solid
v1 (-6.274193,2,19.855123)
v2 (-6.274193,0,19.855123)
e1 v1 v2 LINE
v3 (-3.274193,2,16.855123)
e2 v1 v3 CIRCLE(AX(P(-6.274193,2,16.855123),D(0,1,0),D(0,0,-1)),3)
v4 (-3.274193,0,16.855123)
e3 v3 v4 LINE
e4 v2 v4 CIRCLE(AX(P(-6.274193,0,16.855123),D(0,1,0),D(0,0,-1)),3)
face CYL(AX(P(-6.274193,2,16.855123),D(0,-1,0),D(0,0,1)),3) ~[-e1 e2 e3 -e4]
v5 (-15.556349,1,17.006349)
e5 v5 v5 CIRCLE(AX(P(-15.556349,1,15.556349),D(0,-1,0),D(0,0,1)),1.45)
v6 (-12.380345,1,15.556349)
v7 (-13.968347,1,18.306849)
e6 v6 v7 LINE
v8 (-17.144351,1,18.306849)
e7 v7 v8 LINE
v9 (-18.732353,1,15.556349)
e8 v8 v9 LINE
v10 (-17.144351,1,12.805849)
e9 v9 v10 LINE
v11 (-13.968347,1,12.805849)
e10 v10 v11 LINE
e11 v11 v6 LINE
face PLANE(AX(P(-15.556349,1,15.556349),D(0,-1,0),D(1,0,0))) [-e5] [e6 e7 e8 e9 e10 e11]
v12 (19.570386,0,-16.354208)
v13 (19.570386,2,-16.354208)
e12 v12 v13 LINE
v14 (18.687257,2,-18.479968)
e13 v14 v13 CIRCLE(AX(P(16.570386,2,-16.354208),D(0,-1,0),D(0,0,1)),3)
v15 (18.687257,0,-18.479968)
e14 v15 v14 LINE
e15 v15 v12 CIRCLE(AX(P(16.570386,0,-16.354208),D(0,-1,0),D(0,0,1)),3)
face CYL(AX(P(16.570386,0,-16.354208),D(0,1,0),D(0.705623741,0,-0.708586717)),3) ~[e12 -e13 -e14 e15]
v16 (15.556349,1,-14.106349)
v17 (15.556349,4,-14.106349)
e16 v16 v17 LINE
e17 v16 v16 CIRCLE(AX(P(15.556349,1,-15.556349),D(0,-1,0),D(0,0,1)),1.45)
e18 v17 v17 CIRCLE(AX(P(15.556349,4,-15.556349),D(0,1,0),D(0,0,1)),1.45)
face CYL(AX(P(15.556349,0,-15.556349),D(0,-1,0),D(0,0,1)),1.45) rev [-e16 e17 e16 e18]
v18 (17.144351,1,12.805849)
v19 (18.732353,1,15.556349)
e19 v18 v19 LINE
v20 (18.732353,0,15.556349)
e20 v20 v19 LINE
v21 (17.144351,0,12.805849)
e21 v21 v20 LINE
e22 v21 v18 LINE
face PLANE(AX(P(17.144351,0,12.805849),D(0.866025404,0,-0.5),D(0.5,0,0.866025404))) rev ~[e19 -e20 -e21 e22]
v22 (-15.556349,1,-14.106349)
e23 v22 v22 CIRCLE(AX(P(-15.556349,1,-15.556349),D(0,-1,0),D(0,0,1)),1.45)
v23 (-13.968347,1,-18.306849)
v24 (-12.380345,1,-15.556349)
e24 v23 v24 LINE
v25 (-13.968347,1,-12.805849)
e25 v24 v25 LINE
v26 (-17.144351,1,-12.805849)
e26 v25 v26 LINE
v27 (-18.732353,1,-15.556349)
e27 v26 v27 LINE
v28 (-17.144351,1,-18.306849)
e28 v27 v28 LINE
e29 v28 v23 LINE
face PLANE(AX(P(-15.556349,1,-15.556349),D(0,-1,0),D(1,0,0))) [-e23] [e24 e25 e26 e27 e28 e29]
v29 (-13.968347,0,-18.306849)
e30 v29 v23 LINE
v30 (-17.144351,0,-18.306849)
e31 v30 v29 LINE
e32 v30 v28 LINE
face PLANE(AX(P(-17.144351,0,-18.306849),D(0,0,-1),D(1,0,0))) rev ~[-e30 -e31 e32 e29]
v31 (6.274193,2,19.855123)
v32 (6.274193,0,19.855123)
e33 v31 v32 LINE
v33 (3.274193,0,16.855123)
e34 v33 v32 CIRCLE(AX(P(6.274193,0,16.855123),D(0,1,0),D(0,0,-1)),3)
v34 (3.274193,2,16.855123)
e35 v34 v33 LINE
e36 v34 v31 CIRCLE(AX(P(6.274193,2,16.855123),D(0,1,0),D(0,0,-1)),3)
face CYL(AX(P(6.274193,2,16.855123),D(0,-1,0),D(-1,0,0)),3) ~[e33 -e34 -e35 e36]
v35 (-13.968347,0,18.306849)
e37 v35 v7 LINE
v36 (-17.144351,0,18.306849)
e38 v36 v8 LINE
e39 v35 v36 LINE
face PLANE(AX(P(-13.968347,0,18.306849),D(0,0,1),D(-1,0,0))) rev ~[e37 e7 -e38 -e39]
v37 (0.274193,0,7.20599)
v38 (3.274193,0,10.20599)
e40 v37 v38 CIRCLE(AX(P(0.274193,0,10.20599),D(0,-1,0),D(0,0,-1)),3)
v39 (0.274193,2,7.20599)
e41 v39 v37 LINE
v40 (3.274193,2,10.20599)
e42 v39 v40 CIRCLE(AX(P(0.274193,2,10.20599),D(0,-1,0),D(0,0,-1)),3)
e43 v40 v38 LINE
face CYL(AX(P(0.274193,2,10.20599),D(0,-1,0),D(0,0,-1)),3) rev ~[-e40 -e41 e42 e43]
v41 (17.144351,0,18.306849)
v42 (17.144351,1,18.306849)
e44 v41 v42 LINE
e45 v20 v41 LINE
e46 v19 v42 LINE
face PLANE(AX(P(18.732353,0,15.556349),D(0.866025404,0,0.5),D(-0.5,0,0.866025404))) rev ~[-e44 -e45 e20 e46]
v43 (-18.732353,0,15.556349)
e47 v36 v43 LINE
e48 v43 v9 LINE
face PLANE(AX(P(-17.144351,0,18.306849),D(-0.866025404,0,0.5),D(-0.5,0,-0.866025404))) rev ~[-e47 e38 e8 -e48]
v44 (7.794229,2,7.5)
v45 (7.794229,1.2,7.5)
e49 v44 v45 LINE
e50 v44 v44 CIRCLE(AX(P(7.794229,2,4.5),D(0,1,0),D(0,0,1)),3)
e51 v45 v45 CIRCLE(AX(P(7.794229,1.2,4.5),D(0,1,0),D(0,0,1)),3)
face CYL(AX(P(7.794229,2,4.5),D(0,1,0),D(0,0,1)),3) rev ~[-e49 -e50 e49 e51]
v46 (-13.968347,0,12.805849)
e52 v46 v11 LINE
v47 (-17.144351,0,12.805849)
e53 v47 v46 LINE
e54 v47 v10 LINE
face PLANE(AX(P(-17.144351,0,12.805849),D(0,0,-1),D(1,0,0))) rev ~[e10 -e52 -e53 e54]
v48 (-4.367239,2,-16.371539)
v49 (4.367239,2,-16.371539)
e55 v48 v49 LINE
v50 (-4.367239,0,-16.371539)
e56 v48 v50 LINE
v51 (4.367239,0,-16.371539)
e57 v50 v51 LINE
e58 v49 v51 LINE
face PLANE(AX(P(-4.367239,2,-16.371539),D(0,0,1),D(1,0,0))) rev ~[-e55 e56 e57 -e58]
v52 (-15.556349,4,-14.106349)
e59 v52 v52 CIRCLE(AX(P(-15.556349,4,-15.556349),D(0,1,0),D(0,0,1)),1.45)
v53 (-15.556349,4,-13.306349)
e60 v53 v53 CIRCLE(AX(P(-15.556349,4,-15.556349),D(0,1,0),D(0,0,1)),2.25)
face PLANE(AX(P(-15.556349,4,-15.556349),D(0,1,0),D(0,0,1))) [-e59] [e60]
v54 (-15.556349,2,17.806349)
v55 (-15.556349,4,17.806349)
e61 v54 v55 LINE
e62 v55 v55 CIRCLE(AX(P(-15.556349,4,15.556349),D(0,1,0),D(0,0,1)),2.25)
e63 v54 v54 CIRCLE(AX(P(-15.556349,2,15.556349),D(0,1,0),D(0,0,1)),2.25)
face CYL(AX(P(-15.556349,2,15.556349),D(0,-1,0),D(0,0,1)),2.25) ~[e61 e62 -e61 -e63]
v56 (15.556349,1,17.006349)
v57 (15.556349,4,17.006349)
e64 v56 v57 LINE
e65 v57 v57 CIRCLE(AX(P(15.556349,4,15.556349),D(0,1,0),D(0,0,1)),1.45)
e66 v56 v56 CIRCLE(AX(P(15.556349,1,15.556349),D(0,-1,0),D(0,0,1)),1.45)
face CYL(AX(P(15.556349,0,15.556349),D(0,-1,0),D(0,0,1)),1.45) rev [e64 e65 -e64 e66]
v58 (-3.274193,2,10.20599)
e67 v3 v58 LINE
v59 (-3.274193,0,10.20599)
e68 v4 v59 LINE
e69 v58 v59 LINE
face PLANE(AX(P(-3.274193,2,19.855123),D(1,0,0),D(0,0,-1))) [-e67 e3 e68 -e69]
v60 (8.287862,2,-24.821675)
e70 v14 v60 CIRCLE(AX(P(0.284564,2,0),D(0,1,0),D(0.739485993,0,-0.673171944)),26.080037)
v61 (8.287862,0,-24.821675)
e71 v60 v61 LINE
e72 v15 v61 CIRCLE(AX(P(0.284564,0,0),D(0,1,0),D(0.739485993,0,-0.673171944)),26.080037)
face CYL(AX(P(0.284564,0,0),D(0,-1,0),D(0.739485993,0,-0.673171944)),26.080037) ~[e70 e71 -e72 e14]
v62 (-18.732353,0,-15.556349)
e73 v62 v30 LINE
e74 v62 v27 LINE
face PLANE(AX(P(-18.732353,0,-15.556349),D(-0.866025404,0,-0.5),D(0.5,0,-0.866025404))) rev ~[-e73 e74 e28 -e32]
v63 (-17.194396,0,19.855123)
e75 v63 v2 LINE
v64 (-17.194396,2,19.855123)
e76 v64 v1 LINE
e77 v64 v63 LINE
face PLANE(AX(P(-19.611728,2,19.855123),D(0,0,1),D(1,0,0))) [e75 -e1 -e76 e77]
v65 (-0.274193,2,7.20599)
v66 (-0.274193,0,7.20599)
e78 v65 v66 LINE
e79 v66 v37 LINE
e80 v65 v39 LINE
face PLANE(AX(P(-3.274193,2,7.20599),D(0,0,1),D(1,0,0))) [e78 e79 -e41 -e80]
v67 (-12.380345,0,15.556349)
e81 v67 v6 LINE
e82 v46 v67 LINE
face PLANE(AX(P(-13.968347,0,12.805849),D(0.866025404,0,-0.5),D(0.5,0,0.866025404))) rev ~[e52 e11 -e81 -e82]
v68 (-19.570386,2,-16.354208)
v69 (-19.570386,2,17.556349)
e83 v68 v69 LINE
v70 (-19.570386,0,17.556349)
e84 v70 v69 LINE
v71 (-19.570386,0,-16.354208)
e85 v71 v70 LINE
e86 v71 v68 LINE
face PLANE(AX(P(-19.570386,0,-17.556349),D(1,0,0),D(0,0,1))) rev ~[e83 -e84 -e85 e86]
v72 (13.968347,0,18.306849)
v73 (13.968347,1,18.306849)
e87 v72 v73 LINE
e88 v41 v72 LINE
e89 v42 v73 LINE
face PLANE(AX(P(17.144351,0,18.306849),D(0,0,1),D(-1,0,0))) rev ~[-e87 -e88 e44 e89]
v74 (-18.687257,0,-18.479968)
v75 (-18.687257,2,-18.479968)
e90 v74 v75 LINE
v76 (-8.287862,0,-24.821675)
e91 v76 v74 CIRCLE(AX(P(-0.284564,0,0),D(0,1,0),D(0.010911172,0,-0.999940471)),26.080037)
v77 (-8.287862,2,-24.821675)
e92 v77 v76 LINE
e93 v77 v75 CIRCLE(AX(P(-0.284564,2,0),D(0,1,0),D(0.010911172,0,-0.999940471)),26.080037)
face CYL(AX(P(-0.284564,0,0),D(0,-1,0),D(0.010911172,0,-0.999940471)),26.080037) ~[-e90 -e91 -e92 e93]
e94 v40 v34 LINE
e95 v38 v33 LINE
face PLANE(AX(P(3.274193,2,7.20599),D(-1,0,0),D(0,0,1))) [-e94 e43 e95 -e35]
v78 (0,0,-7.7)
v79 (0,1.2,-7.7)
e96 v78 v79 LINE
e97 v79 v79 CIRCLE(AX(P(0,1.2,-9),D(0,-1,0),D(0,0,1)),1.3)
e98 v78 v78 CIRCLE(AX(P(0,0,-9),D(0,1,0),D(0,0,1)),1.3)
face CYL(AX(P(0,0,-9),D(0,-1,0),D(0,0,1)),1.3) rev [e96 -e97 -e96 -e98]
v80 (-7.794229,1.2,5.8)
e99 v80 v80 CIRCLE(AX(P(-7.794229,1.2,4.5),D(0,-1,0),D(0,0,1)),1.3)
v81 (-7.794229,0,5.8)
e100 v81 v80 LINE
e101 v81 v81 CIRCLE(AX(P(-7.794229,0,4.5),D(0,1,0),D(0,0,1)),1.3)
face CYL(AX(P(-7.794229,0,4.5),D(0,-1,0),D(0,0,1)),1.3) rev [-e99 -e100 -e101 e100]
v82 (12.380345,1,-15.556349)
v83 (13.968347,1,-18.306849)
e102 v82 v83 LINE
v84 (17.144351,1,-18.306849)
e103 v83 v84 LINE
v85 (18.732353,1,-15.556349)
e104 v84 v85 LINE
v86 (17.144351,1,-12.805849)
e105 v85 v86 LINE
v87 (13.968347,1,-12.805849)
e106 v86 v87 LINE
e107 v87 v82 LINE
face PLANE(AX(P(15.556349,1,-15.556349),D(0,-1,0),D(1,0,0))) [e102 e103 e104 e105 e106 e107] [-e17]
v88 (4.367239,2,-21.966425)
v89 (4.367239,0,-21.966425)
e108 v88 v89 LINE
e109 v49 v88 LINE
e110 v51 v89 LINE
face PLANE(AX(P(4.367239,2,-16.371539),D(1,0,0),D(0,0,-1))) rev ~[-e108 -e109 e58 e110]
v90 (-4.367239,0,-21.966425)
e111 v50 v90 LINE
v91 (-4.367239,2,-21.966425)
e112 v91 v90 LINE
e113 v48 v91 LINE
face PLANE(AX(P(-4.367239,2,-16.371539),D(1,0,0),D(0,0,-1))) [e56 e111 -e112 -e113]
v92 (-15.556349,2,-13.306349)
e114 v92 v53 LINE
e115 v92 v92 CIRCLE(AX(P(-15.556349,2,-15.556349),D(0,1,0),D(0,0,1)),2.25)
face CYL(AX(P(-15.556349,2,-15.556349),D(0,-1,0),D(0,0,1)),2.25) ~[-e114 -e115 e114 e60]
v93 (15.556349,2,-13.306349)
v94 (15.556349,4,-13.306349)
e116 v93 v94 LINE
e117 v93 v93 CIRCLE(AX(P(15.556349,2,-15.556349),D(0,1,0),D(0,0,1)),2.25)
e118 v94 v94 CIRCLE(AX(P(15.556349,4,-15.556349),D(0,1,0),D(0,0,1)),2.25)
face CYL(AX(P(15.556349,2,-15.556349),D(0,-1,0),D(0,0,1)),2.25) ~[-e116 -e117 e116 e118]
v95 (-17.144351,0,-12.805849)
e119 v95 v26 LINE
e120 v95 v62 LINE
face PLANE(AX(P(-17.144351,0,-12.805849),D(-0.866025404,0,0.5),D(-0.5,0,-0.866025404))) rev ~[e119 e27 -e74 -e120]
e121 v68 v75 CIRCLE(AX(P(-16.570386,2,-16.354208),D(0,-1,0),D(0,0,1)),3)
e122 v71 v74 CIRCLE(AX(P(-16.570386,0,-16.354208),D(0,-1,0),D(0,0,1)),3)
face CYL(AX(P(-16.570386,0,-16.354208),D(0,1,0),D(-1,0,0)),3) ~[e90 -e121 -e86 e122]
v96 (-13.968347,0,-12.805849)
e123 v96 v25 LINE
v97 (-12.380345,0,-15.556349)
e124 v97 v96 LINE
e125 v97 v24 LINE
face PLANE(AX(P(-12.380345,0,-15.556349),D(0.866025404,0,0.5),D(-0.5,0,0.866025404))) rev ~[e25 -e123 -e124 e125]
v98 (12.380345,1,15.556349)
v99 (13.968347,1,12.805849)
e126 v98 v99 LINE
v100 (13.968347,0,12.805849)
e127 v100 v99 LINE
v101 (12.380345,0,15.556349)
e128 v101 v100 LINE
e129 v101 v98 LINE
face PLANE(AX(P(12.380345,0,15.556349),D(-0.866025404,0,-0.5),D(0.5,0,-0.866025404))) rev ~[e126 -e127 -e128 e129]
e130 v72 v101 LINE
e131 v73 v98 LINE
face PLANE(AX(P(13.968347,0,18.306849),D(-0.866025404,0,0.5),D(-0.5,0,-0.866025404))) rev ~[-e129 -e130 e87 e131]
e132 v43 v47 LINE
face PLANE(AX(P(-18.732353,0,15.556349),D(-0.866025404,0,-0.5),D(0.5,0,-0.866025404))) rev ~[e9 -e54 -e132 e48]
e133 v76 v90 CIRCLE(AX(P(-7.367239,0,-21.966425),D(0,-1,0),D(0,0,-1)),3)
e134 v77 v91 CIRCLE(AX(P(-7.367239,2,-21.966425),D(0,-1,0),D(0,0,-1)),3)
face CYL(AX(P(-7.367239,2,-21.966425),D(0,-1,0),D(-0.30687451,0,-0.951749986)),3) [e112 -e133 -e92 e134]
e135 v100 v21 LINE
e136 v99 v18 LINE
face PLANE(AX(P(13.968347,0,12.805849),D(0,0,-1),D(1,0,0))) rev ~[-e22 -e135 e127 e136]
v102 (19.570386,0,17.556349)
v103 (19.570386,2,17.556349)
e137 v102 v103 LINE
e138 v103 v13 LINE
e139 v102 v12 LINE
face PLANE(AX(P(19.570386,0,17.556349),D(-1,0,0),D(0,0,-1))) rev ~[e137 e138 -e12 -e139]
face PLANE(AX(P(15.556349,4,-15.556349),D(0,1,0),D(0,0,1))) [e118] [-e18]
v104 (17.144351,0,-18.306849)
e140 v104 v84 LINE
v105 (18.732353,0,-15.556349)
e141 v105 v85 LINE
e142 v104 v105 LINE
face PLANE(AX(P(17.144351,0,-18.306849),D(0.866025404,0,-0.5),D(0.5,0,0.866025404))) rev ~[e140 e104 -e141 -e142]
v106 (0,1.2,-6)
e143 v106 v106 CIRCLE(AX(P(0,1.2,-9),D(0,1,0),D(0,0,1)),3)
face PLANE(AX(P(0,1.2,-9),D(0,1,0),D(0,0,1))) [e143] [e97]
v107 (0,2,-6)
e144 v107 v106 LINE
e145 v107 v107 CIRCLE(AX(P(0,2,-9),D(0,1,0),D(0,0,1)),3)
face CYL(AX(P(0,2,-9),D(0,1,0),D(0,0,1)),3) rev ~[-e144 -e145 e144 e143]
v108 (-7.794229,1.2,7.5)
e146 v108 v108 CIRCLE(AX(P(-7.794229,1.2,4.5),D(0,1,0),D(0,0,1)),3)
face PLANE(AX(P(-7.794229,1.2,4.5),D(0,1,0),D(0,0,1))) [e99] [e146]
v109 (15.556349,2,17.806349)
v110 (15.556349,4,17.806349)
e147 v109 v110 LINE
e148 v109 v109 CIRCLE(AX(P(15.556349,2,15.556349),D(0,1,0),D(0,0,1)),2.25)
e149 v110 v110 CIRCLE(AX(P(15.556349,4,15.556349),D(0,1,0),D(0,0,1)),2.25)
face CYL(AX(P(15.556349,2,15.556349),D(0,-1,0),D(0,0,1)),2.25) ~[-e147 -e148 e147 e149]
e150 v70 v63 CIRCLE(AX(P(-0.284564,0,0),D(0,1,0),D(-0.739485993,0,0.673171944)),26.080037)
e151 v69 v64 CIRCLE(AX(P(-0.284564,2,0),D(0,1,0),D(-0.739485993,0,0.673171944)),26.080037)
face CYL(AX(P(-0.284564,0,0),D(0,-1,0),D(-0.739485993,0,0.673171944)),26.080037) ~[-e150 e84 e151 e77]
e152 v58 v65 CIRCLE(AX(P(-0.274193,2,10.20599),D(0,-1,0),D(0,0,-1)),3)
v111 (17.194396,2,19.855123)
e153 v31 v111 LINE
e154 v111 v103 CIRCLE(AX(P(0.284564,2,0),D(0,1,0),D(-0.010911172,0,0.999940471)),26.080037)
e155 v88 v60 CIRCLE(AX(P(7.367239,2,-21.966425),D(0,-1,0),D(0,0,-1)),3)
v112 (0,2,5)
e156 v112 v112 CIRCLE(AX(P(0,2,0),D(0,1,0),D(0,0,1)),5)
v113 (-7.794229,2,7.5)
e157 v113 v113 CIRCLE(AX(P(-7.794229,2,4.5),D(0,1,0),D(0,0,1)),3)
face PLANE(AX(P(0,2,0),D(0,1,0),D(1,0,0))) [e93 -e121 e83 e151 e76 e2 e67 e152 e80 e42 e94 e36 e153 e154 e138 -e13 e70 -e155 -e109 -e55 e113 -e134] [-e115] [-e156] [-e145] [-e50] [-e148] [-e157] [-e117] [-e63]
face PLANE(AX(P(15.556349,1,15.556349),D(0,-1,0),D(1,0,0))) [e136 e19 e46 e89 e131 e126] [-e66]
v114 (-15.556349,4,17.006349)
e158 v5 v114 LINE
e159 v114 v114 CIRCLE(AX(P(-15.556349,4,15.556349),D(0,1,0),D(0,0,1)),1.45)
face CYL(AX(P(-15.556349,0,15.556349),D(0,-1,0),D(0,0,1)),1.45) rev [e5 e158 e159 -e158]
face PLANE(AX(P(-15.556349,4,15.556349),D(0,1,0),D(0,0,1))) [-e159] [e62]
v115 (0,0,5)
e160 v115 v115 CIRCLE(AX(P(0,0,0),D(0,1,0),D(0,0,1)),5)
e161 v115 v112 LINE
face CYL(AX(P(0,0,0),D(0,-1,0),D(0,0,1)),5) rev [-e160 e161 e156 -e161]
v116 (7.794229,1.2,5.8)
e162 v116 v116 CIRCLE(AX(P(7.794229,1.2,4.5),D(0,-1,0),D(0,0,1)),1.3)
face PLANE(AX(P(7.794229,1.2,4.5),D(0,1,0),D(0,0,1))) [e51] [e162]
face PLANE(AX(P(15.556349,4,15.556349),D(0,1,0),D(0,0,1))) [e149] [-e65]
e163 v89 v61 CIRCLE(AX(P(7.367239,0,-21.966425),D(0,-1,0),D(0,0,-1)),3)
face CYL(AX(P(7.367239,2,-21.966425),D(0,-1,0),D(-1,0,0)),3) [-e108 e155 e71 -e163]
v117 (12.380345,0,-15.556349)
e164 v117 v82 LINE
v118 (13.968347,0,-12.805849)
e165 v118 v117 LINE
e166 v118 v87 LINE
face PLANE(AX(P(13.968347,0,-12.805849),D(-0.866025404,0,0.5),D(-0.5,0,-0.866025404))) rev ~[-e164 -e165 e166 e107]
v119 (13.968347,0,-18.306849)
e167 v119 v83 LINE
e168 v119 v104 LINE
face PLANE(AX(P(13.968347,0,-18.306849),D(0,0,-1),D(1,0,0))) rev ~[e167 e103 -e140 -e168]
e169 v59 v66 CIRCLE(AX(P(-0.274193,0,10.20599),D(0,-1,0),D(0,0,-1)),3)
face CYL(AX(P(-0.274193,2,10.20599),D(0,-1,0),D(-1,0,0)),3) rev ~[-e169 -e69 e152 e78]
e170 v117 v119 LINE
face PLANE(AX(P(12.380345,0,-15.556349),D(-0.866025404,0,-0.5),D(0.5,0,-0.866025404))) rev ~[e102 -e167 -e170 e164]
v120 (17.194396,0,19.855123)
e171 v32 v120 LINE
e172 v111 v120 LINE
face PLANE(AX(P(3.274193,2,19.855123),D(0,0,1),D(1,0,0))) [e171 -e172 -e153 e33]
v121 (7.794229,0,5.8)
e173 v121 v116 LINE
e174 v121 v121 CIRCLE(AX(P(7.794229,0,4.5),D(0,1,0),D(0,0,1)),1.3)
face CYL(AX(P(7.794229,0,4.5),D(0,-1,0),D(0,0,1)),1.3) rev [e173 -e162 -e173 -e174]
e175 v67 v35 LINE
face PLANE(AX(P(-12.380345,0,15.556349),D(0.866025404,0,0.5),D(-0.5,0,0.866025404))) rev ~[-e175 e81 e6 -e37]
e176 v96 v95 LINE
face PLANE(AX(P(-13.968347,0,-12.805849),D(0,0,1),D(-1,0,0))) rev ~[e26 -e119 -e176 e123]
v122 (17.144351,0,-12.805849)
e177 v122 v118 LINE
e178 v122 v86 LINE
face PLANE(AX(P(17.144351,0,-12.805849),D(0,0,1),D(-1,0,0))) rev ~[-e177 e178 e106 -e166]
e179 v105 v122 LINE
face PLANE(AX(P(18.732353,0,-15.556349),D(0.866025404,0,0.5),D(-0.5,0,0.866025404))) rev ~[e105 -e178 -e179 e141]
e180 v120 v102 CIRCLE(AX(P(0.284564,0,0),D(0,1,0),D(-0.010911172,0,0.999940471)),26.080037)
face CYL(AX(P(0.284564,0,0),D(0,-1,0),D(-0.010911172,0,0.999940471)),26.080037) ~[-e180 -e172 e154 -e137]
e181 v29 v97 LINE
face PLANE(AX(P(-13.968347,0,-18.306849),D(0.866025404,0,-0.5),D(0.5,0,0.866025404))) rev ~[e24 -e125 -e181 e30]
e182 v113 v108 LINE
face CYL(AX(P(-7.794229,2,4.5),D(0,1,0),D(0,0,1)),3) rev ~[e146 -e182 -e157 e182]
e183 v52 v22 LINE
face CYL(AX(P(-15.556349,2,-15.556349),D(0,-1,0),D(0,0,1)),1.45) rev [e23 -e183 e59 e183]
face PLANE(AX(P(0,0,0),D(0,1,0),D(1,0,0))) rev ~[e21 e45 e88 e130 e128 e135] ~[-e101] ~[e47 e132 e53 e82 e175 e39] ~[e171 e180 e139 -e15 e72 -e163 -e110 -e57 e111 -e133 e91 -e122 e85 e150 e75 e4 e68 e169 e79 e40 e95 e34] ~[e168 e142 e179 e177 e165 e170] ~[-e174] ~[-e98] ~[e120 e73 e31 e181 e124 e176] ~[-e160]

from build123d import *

# Parameters (mm, degrees)
SKETCH_1_R          = 1.3
SKETCH_1_R_2        = 5
SKETCH_1_R_3        = 1.45
EXTRUDE_1_DEPTH     = 2
SKETCH_2_R          = 3
CUT_EXTRUDE_1_DEPTH = 0.8
SKETCH_4_W          = 8.73447759
SKETCH_4_H          = 10.120774017
CUT_EXTRUDE_2_DEPTH = 33.667542419
SKETCH_8_R          = 2.25
SKETCH_8_R_2        = 1.45
EXTRUDE_2_DEPTH     = 2
CUT_EXTRUDE_4_DEPTH = 1
FILLET_3_R          = 3


with BuildPart() as part:
    # 草图1 → 凸台-拉伸1 (new body)
    with BuildSketch(Plane(origin=(0, 0, 0), x_dir=(1, 0, 0), z_dir=(0, 1, 0))):
        with BuildLine():
            Line((-19.570385791, 15.556349186), (-19.570385791, -15.556349186))
            Line((-19.570385791, -15.556349186), (-19.570385791, -17.556349186))
            ThreePointArc((-19.570385791, -17.556349186), (-10.696991496, -23.91128764), (0, -26.07848445))
            ThreePointArc((0, -26.07848445), (10.696991496, -23.91128764), (19.570385791, -17.556349186))
            Line((19.570385791, -17.556349186), (19.570385791, -15.556349186))
            Line((19.570385791, -15.556349186), (19.570385791, 15.556349186))
            Line((19.570385791, 15.556349186), (19.570385791, 17.556349186))
            ThreePointArc((19.570385791, 17.556349186), (10.696991496, 23.91128764), (0, 26.07848445))
            ThreePointArc((0, 26.07848445), (-10.696991496, 23.91128764), (-19.570385791, 17.556349186))
            Line((-19.570385791, 17.556349186), (-19.570385791, 15.556349186))
        make_face()
        with Locations(Location((0, 9, 0), (0, 0, 270))):
            Circle(SKETCH_1_R, mode=Mode.SUBTRACT)
        with Locations(Location((7.794228634, -4.5, 0), (0, 0, 270))):
            Circle(SKETCH_1_R, mode=Mode.SUBTRACT)
        with Locations(Location((-7.794228634, -4.5, 0), (0, 0, 270))):
            Circle(SKETCH_1_R, mode=Mode.SUBTRACT)
        with Locations(Location((0, 0, 0), (0, 0, 270))):
            Circle(SKETCH_1_R_2, mode=Mode.SUBTRACT)
        with Locations(Location((-15.556349186, 15.556349186, 0), (0, 0, 270))):
            Circle(SKETCH_1_R_3, mode=Mode.SUBTRACT)
        with Locations(Location((15.556349186, 15.556349186, 0), (0, 0, 270))):
            Circle(SKETCH_1_R_3, mode=Mode.SUBTRACT)
        with Locations(Location((15.556349186, -15.556349186, 0), (0, 0, 270))):
            Circle(SKETCH_1_R_3, mode=Mode.SUBTRACT)
        with Locations(Location((-15.556349186, -15.556349186, 0), (0, 0, 270))):
            Circle(SKETCH_1_R_3, mode=Mode.SUBTRACT)
    extrude(amount=EXTRUDE_1_DEPTH)

    # 草图2 → 切除-拉伸1 (cut)
    with BuildSketch(Plane(origin=(0, 2, 0), x_dir=(1, 0, 0), z_dir=(0, 1, 0))):
        with Locations(Location((0, 9, 0), (0, 0, 270))):
            Circle(SKETCH_2_R)
        with Locations(Location((7.794228634, -4.5, 0), (0, 0, 270))):
            Circle(SKETCH_2_R)
        with Locations(Location((-7.794228634, -4.5, 0), (0, 0, 270))):
            Circle(SKETCH_2_R)
    extrude(amount=-CUT_EXTRUDE_1_DEPTH, mode=Mode.SUBTRACT)

    # 草图4 → 切除-拉伸2 (cut, through all)
    with BuildSketch(Plane(origin=(0, 2, 0), x_dir=(1, 0, 0), z_dir=(0, 1, 0))):
        Polygon((-3.274193367, -19.855122702), (-3.274193367, -7.205990029), (3.274193367, -7.205990029), (3.274193367, -19.855122702), (19.611727687, -19.855122702), (19.611727687, -26.506793376), (-19.611727687, -26.506793376), (-19.611727687, -19.855122702), align=None)
        with Locations((0, 21.431925769)):
            Rectangle(SKETCH_4_W, SKETCH_4_H)
    extrude(amount=-CUT_EXTRUDE_2_DEPTH, mode=Mode.SUBTRACT)

    # 草图8 → 凸台-拉伸2 (add)
    # profile 1 of 4: a face of its own
    with BuildSketch(Plane(origin=(0, 2, 0), x_dir=(1, 0, 0), z_dir=(0, 1, 0))):
        with Locations(Location((-15.556349186, 15.556349186, 0), (0, 0, 270))):
            Circle(SKETCH_8_R)
        with Locations(Location((-15.556349186, 15.556349186, 0), (0, 0, 270))):
            Circle(SKETCH_8_R_2, mode=Mode.SUBTRACT)
    # profile 2 of 4: a face of its own
    with BuildSketch(Plane(origin=(0, 2, 0), x_dir=(1, 0, 0), z_dir=(0, 1, 0))):
        with Locations(Location((15.556349186, 15.556349186, 0), (0, 0, 270))):
            Circle(SKETCH_8_R)
        with Locations(Location((15.556349186, 15.556349186, 0), (0, 0, 270))):
            Circle(SKETCH_8_R_2, mode=Mode.SUBTRACT)
    # profile 3 of 4: a face of its own
    with BuildSketch(Plane(origin=(0, 2, 0), x_dir=(1, 0, 0), z_dir=(0, 1, 0))):
        with Locations(Location((15.556349186, -15.556349186, 0), (0, 0, 270))):
            Circle(SKETCH_8_R)
        with Locations(Location((15.556349186, -15.556349186, 0), (0, 0, 270))):
            Circle(SKETCH_8_R_2, mode=Mode.SUBTRACT)
    # profile 4 of 4: a face of its own
    with BuildSketch(Plane(origin=(0, 2, 0), x_dir=(1, 0, 0), z_dir=(0, 1, 0))):
        with Locations(Location((-15.556349186, -15.556349186, 0), (0, 0, 270))):
            Circle(SKETCH_8_R)
        with Locations(Location((-15.556349186, -15.556349186, 0), (0, 0, 270))):
            Circle(SKETCH_8_R_2, mode=Mode.SUBTRACT)
    extrude(amount=EXTRUDE_2_DEPTH)

    # 草图7 → 切除-拉伸4 (cut)
    with BuildSketch(Plane.XZ):
        Polygon((-18.732353017, 15.556349186), (-17.144351102, 12.805849186), (-13.968347271, 12.805849186), (-12.380345355, 15.556349186), (-13.968347271, 18.306849186), (-17.144351102, 18.306849186), align=None)
        Polygon((12.380345355, 15.556349186), (13.968347271, 12.805849186), (17.144351102, 12.805849186), (18.732353017, 15.556349186), (17.144351102, 18.306849186), (13.968347271, 18.306849186), align=None)
        Polygon((-18.732353017, -15.556349186), (-17.144351102, -18.306849186), (-13.968347271, -18.306849186), (-12.380345355, -15.556349186), (-13.968347271, -12.805849186), (-17.144351102, -12.805849186), align=None)
        Polygon((12.380345355, -15.556349186), (13.968347271, -18.306849186), (17.144351102, -18.306849186), (18.732353017, -15.556349186), (17.144351102, -12.805849186), (13.968347271, -12.805849186), align=None)
    extrude(amount=-CUT_EXTRUDE_4_DEPTH, mode=Mode.SUBTRACT)

    # 圆角3
    fillet_3_edges = [part.edges().sort_by_distance(p)[0] for p in [
        (3.274193367, 1, 19.855122702),
        (-3.274193367, 1, 7.205990029),
        (3.274193367, 1, 7.205990029),
        (-3.274193367, 1, 19.855122702),
        (19.570385791, 1, -17.556349186),
        (-19.570385791, 1, -17.556349186),
        (-4.367238795, 1, -25.758495538),
        (4.367238795, 1, -25.758495538),
    ]]
    fillet(fillet_3_edges, radius=FILLET_3_R)


solid = part.part
